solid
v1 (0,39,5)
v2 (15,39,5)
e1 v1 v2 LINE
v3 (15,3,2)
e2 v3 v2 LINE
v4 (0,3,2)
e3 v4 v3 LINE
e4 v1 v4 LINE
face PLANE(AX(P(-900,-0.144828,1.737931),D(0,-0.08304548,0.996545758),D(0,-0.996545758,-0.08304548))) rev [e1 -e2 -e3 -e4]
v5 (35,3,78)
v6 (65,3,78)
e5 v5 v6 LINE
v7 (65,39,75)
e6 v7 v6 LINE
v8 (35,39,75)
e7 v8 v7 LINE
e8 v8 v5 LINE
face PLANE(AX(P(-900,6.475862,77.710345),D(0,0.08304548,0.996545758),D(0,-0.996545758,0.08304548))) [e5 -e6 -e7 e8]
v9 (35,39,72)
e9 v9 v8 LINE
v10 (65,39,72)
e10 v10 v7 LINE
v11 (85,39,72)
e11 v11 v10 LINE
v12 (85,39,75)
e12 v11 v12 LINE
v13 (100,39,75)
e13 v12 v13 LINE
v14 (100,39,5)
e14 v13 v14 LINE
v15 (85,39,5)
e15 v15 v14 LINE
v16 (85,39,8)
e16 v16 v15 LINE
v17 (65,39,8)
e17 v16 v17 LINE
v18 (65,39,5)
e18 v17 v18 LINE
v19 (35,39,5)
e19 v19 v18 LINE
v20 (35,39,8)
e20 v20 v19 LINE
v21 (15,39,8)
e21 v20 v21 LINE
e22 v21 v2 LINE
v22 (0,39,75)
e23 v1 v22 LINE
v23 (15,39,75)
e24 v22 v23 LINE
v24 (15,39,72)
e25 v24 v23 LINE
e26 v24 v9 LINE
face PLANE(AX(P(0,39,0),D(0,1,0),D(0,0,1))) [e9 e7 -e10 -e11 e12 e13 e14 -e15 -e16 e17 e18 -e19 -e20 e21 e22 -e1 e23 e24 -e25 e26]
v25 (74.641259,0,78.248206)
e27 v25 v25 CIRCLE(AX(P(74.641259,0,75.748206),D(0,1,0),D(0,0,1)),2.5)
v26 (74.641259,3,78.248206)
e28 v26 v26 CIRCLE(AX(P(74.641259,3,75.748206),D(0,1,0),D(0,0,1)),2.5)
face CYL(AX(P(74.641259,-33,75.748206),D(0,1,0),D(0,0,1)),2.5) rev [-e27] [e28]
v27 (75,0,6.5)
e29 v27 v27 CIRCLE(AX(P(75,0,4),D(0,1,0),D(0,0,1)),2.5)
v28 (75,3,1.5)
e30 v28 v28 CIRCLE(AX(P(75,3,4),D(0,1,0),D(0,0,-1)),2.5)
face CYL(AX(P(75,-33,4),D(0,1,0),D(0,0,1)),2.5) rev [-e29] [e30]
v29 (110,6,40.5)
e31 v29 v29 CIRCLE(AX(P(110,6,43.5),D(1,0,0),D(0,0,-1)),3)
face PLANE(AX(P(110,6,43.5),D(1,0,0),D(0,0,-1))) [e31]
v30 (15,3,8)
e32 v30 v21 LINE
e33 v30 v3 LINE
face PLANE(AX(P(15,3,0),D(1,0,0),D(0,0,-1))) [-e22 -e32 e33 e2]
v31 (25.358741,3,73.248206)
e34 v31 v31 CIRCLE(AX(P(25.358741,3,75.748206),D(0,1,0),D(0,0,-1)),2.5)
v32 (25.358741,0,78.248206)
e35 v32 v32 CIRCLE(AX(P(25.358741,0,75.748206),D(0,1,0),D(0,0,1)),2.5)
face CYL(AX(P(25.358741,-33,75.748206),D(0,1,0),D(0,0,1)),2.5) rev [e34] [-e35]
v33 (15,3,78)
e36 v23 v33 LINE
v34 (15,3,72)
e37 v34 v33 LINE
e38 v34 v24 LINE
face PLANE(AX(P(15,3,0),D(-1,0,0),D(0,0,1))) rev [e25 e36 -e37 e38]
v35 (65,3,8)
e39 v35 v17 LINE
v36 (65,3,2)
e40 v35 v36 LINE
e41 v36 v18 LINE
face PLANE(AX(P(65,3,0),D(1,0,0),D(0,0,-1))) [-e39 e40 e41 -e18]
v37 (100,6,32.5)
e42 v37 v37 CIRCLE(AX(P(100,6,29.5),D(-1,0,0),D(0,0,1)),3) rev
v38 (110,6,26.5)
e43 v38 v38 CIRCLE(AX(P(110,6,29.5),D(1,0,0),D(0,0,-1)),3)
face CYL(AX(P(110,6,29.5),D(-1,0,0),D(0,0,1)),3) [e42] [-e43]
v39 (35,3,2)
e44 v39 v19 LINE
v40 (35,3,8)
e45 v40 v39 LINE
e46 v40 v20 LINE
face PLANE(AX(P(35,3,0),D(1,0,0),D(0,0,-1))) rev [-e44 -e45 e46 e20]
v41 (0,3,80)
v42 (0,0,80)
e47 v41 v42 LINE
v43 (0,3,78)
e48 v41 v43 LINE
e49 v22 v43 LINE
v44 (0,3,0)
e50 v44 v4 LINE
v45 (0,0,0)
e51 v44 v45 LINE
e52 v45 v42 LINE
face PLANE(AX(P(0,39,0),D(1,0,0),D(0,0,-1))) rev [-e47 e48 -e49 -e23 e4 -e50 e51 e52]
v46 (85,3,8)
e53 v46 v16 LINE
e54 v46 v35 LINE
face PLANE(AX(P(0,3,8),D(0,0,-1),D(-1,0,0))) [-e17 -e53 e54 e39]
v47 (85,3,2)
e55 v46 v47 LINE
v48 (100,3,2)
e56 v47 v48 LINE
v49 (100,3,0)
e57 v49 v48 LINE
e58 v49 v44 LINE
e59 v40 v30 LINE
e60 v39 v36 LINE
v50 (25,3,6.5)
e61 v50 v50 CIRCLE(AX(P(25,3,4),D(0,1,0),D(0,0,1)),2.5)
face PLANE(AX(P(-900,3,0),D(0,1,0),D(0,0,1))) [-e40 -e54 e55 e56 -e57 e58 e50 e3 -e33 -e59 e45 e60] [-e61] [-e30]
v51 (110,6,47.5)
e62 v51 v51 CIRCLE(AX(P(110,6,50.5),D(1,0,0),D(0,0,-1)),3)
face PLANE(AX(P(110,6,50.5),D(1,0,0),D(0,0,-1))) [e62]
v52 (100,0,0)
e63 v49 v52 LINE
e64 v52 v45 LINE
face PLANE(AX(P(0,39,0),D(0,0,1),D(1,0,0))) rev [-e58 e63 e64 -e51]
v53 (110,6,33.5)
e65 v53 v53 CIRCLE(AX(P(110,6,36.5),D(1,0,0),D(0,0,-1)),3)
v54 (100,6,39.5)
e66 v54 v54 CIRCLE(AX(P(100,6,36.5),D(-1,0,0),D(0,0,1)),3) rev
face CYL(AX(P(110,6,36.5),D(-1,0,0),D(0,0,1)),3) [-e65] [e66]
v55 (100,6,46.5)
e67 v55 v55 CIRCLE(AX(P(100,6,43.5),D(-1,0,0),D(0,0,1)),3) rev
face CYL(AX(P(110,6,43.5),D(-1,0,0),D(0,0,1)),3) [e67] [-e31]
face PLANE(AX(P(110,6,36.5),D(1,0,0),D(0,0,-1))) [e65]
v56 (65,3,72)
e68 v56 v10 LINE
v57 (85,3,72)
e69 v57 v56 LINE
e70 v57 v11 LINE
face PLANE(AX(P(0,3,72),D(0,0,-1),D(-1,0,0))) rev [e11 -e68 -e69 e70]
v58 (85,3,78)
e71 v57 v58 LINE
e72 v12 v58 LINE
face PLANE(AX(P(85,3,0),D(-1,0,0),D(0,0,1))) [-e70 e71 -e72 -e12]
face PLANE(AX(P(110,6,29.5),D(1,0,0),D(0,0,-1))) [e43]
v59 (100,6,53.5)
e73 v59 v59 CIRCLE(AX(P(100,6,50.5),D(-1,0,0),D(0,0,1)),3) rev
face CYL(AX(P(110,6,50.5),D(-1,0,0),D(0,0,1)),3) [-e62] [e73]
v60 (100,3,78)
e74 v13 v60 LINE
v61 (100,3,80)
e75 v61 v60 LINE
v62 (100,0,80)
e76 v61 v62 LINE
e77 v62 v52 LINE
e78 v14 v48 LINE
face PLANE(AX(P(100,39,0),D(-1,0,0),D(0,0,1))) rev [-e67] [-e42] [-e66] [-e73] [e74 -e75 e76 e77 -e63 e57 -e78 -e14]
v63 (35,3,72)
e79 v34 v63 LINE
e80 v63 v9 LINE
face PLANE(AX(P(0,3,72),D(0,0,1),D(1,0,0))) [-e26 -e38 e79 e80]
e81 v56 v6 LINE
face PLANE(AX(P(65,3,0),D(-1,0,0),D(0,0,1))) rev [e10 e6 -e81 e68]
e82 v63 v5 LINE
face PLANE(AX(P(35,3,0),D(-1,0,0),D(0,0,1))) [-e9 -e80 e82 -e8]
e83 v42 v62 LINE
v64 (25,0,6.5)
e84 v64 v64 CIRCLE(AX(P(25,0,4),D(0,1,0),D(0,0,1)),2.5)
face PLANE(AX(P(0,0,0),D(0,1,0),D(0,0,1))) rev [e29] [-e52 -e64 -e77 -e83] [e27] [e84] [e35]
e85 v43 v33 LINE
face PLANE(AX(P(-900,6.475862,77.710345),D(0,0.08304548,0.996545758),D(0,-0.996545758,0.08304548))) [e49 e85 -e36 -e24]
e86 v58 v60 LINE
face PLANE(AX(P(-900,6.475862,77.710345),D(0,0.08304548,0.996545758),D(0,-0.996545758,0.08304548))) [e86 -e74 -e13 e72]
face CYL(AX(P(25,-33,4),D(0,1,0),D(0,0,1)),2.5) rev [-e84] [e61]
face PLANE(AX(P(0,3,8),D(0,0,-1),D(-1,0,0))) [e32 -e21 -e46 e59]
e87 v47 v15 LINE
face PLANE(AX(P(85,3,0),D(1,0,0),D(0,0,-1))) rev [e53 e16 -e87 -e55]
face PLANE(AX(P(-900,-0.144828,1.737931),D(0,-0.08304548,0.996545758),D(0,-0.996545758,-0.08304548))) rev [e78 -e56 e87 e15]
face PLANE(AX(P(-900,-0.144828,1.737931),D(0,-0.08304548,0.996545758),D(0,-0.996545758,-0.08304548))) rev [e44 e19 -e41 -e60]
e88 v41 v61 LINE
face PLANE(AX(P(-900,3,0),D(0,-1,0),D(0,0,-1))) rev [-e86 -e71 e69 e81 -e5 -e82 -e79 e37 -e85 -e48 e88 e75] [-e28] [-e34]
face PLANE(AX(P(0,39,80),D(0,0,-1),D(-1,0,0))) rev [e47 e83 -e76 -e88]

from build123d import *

# Parameters (mm, degrees)
SKETCH_1_W          = 100
SKETCH_1_H          = 80
EXTRUDE_1_DEPTH     = 39
SKETCH_5_R          = 3
EXTRUDE_3_DEPTH     = 10
CUT_EXTRUDE_1_DEPTH = 1000
SKETCH_9_W          = 20
SKETCH_9_H          = 6.479518585
SKETCH_9_H_2        = 3
SKETCH_9_H_3        = 8.519653391
SKETCH_9_H_4        = 11.10220699
SKETCH_9_H_5        = 8.801039891
CUT_EXTRUDE_3_DEPTH = 36
SKETCH_10_R         = 2.5
CUT_EXTRUDE_4_DEPTH = 36


with BuildPart() as part:
    # 草图1 → 凸台-拉伸1 (new body)
    with BuildSketch(Plane(origin=(0, 0, 0), x_dir=(1, 0, 0), z_dir=(0, 1, 0))):
        with Locations((50, -40)):
            Rectangle(SKETCH_1_W, SKETCH_1_H)
    extrude(amount=EXTRUDE_1_DEPTH)

    # 草图5 → 凸台-拉伸3 (add)
    with BuildSketch(Plane(origin=(100, 0, 0), x_dir=(0, 0, -1), z_dir=(1, 0, 0))):
        with Locations(Location((-50.5, 6, 0), (0, 0, 180))):
            Circle(SKETCH_5_R)
        with Locations(Location((-43.5, 6, 0), (0, 0, 180))):
            Circle(SKETCH_5_R)
        with Locations(Location((-36.5, 6, 0), (0, 0, 180))):
            Circle(SKETCH_5_R)
        with Locations(Location((-29.5, 6, 0), (0, 0, 180))):
            Circle(SKETCH_5_R)
    extrude(amount=EXTRUDE_3_DEPTH)

    # 草图8 → 切除-拉伸1 (cut)
    with BuildSketch(Plane(origin=(100, 0, 0), x_dir=(0, 0, -1), z_dir=(1, 0, 0))):
        Polygon((-78, 3), (-75, 39), (-80, 39), (-80, 3), align=None)
        Polygon((0, 3), (0, 39), (-5, 39), (-2, 3), align=None)
    extrude(amount=-CUT_EXTRUDE_1_DEPTH, mode=Mode.SUBTRACT)

    # 草图9 → 切除-拉伸3 (cut)
    with BuildSketch(Plane(origin=(0, 39, 0), x_dir=(1, 0, 0), z_dir=(0, 1, 0))):
        with Locations((25, -1.760240707)):
            Rectangle(SKETCH_9_W, SKETCH_9_H)
        with Locations((25, -6.5)):
            Rectangle(SKETCH_9_W, SKETCH_9_H_2)
        with Locations((75, -0.740173304)):
            Rectangle(SKETCH_9_W, SKETCH_9_H_3)
        with Locations((75, -6.5)):
            Rectangle(SKETCH_9_W, SKETCH_9_H_2)
        with Locations((75, -80.551103495)):
            Rectangle(SKETCH_9_W, SKETCH_9_H_4)
        with Locations((75, -73.5)):
            Rectangle(SKETCH_9_W, SKETCH_9_H_2)
        with Locations((25, -79.400519946)):
            Rectangle(SKETCH_9_W, SKETCH_9_H_5)
        with Locations((25, -73.5)):
            Rectangle(SKETCH_9_W, SKETCH_9_H_2)
    extrude(amount=-CUT_EXTRUDE_3_DEPTH, mode=Mode.SUBTRACT)

    # 草图10 → 切除-拉伸4 (cut)
    with BuildSketch(Plane(origin=(0, 3, 0), x_dir=(1, 0, 0), z_dir=(0, 1, 0))):
        with Locations(Location((25, -4, 0), (0, 0, 270))):
            Circle(SKETCH_10_R)
        with Locations(Location((25.358741031, -75.748206295, 0), (0, 0, 270))):
            Circle(SKETCH_10_R)
        with Locations(Location((75, -4, 0), (0, 0, 270))):
            Circle(SKETCH_10_R)
        with Locations(Location((74.641258969, -75.748206295, 0), (0, 0, 270))):
            Circle(SKETCH_10_R)
    extrude(amount=-CUT_EXTRUDE_4_DEPTH, mode=Mode.SUBTRACT)


solid = part.part
